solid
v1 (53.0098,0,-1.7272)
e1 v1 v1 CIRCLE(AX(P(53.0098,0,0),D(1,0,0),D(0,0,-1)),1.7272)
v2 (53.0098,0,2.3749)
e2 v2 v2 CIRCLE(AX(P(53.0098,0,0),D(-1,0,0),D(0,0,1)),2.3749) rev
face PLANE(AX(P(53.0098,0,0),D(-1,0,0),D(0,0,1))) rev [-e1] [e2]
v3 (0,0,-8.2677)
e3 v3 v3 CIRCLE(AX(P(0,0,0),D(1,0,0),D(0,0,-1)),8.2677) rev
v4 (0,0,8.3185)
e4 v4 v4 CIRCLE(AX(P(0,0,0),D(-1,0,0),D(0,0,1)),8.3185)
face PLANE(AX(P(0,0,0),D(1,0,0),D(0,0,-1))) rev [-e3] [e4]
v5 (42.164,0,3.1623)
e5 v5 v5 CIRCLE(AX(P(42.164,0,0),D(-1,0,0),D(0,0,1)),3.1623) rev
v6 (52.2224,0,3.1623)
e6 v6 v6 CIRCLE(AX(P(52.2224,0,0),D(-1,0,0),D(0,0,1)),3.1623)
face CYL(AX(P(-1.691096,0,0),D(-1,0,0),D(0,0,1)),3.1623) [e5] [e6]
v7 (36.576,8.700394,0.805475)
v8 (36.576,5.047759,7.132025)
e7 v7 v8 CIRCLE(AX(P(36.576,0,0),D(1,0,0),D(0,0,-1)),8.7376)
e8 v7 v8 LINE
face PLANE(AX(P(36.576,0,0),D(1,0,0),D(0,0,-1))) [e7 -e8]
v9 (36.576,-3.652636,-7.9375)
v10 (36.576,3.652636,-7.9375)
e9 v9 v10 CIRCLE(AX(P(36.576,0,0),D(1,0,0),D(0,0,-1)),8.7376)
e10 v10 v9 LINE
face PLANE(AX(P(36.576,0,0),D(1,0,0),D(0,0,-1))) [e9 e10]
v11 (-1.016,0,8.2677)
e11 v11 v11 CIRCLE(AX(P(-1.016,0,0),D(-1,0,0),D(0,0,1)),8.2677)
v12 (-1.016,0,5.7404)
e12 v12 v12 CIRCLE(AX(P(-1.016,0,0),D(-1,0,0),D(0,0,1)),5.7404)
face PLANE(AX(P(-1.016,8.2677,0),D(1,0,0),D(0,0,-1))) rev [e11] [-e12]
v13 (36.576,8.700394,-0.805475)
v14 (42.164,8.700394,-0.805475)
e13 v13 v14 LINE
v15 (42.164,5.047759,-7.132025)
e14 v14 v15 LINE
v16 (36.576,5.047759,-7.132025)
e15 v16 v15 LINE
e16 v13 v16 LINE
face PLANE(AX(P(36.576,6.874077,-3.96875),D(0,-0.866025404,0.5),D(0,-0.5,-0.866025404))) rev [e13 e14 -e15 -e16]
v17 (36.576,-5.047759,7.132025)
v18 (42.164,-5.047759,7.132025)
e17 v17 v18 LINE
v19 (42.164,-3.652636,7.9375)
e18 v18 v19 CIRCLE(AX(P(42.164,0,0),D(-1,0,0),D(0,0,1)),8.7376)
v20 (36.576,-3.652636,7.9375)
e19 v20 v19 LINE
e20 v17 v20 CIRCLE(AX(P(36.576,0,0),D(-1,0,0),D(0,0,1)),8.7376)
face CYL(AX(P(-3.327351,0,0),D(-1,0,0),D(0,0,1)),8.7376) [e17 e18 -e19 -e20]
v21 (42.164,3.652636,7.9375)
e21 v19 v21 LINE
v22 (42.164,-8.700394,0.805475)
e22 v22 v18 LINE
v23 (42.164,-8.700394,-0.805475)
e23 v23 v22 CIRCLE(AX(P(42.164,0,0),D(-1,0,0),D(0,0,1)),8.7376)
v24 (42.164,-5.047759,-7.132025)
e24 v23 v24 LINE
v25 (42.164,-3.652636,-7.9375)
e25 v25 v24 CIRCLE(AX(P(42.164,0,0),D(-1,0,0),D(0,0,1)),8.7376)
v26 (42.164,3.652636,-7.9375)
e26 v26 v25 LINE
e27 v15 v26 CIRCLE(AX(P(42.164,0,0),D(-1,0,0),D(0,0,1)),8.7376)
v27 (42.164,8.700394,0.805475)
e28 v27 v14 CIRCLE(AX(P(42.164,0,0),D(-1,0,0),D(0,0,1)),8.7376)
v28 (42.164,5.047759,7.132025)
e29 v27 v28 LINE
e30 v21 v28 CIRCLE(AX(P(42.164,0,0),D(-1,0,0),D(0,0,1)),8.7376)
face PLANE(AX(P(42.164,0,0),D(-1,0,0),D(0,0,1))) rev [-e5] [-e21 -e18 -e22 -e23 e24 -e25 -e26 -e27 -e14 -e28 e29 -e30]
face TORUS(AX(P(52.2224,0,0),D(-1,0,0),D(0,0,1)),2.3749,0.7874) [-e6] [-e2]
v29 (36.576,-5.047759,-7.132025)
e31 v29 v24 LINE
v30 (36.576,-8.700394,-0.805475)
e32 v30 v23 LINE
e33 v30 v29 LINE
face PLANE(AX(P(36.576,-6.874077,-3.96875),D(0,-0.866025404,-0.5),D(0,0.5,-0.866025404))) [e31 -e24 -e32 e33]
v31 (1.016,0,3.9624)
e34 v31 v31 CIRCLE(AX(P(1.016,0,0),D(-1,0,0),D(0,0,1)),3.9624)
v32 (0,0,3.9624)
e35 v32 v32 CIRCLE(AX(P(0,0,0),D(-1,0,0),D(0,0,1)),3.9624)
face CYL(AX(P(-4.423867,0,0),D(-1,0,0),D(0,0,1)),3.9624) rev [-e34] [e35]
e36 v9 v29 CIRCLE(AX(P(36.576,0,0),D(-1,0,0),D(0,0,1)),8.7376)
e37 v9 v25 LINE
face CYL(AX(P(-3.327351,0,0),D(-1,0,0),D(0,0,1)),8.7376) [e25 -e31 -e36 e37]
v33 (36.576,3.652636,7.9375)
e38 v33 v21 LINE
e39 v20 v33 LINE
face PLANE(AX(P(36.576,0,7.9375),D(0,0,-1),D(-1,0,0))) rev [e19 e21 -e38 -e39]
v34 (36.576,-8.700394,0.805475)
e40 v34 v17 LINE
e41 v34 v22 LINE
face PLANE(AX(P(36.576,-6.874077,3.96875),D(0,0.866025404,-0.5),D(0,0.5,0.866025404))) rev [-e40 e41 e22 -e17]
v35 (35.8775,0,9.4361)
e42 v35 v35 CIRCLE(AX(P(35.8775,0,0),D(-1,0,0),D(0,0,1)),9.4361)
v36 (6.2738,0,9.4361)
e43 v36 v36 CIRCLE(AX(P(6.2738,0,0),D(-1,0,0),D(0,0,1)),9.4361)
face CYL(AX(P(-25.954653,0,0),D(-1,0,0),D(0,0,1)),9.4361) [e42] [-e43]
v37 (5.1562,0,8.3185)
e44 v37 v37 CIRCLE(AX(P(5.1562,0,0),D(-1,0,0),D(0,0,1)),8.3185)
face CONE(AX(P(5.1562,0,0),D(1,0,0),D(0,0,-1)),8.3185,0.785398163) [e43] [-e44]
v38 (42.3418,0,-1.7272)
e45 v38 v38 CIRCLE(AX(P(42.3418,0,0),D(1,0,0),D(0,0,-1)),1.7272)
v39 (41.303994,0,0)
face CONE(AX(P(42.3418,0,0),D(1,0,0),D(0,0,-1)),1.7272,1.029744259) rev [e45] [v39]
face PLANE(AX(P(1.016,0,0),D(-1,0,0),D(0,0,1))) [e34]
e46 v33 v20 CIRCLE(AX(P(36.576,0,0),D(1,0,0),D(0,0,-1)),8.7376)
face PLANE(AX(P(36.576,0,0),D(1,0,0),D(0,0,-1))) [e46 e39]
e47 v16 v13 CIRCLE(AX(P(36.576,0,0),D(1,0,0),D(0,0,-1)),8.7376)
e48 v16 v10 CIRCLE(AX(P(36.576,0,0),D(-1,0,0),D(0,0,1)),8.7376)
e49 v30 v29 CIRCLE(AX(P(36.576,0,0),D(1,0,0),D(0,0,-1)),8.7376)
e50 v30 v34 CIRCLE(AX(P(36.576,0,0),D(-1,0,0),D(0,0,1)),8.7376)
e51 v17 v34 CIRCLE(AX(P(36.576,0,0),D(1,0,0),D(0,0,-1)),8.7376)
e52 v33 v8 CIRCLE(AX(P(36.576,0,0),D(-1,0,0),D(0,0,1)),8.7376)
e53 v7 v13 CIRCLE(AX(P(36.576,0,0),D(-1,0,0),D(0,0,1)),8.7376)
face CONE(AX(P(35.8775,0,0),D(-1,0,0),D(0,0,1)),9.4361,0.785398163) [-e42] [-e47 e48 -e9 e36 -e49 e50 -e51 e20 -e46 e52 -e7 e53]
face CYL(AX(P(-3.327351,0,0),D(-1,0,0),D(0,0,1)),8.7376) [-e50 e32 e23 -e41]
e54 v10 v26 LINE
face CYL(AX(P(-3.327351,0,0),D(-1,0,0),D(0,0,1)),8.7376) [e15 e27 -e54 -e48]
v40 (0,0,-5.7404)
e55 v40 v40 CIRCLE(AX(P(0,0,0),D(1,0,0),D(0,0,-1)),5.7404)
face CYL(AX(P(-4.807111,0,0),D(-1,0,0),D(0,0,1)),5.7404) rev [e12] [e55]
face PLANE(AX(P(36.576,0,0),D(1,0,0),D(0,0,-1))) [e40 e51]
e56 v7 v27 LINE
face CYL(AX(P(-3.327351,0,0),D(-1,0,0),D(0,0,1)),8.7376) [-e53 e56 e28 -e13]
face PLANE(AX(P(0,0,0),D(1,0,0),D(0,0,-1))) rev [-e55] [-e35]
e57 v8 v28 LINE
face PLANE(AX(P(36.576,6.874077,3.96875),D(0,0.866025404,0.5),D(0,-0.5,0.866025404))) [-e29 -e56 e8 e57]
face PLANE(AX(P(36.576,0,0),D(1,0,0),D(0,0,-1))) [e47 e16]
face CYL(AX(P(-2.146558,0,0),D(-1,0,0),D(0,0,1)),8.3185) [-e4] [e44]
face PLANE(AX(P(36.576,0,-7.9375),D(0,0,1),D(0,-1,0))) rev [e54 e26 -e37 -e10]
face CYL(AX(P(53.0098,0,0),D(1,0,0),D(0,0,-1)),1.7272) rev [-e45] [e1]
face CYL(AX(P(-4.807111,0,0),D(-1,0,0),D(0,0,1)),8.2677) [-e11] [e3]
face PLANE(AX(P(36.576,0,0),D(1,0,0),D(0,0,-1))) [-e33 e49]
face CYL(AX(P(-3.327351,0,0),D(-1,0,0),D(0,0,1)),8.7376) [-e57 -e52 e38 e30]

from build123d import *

# Parameters (mm, degrees)
SKETCH1_W                 = 42.164
SKETCH1_H                 = 9.4361
SKETCH2_W                 = 1.016
SKETCH2_H                 = 3.9624
CUT_EXTRUDE1_DEPTH        = 5.588
SKETCH6_W                 = 10.8458
SKETCH6_H                 = 3.1623
FILLET1_R                 = 0.7874
F_8_32_TAPPED_HOLE1_D     = 3.4544
F_8_32_TAPPED_HOLE1_DEPTH = 10.668
F_8_32_TAPPED_HOLE1_TIP   = 1.037806461
SKETCH12_W                = 1.016
SKETCH12_H                = 2.5273


with BuildPart() as part:
    # Sketch1 → Revolve1 (revolve)
    with BuildSketch(Plane.XY, mode=Mode.PRIVATE) as revolve1_sk:
        with Locations((21.082, 4.71805)):
            Rectangle(SKETCH1_W, SKETCH1_H)
    revolve(revolve1_sk.sketch.rotate(Axis((-25.954653295, 0, 0), (1, 0, 0)), 90), axis=Axis((-25.954653295, 0, 0), (1, 0, 0)))  # turned: the seam where the file's is

    # Sketch2 → Cut-Revolve1 (revolve, cut)
    with BuildSketch(Plane.XY, mode=Mode.PRIVATE) as cut_revolve1_sk:
        with Locations((0.508, 1.9812)):
            Rectangle(SKETCH2_W, SKETCH2_H)
    revolve(cut_revolve1_sk.sketch.rotate(Axis((-4.423867111, 0, 0), (1, 0, 0)), 90), axis=Axis((-4.423867111, 0, 0), (1, 0, 0)), mode=Mode.SUBTRACT)  # turned: the seam where the file's is

    # Sketch3 → Cut-Revolve2 (revolve, cut)
    with BuildSketch(Plane.XY, mode=Mode.PRIVATE) as cut_revolve2_sk:
        Polygon((0, 8.3185), (5.1562, 8.3185), (6.2738, 9.4361), (0, 9.4361), align=None)
    revolve(cut_revolve2_sk.sketch.rotate(Axis((-2.146557548, 0, 0), (1, 0, 0)), 90), axis=Axis((-2.146557548, 0, 0), (1, 0, 0)), mode=Mode.SUBTRACT)  # turned: the seam where the file's is

    # Sketch4 → Cut-Revolve3 (revolve, cut)
    with BuildSketch(Plane.XY, mode=Mode.PRIVATE) as cut_revolve3_sk:
        Polygon((42.164, 8.7376), (36.576, 8.7376), (35.8775, 9.4361), (42.164, 9.4361), align=None)
    revolve(cut_revolve3_sk.sketch.rotate(Axis((-3.32735082, 0, 0), (1, 0, 0)), 90), axis=Axis((-3.32735082, 0, 0), (1, 0, 0)), mode=Mode.SUBTRACT)  # turned: the seam where the file's is

    # Sketch5 → Cut-Extrude1 (cut)
    with BuildSketch(Plane(origin=(42.164, 0, 0), x_dir=(0, 0, -1), z_dir=(1, 0, 0))):
        with BuildLine():
            Line((-7.9375, -3.652635694), (-7.9375, 0))
            Line((-7.9375, 0), (-7.9375, 3.652635694))
            ThreePointArc((-7.9375, 3.652635694), (-8.7376, 0), (-7.9375, -3.652635694))
        make_face()
        with BuildLine():
            Line((-3.96875004, 6.874076619), (-0.805474699, 8.700394489))
            ThreePointArc((-0.805474699, 8.700394489), (-4.3688, 7.566983568), (-7.132025301, 5.047758796))
            Line((-7.132025301, 5.047758796), (-3.96875004, 6.874076619))
        make_face()
        with BuildLine():
            ThreePointArc((7.132025301, 5.047758796), (4.3688, 7.566983568), (0.805474699, 8.700394489))
            Line((0.805474699, 8.700394489), (3.968749933, 6.874076681))
            Line((3.968749933, 6.874076681), (7.132025301, 5.047758796))
        make_face()
        with BuildLine():
            Line((7.9375, 3.652635694), (7.9375, 0))
            Line((7.9375, 0), (7.9375, -3.652635694))
            ThreePointArc((7.9375, -3.652635694), (8.535231507, -1.869619448), (8.7376, 0))
            ThreePointArc((8.7376, 0), (8.535231507, 1.869619448), (7.9375, 3.652635694))
        make_face()
        with BuildLine():
            Line((7.132025301, -5.047758796), (3.968749899, -6.874076701))
            Line((3.968749899, -6.874076701), (0.805474699, -8.700394489))
            ThreePointArc((0.805474699, -8.700394489), (4.3688, -7.566983568), (7.132025301, -5.047758796))
        make_face()
        with BuildLine():
            Line((-0.805474699, -8.700394489), (-3.96875004, -6.874076619))
            Line((-3.96875004, -6.874076619), (-7.132025301, -5.047758796))
            ThreePointArc((-7.132025301, -5.047758796), (-4.3688, -7.566983568), (-0.805474699, -8.700394489))
        make_face()
    extrude(amount=-CUT_EXTRUDE1_DEPTH, mode=Mode.SUBTRACT)

    # Sketch6 → Revolve3 (revolve)
    with BuildSketch(Plane.XY, mode=Mode.PRIVATE) as revolve3_sk:
        with Locations((47.5869, 1.58115)):
            Rectangle(SKETCH6_W, SKETCH6_H)
    revolve(revolve3_sk.sketch.rotate(Axis((-1.691095635, 0, 0), (1, 0, 0)), 90), axis=Axis((-1.691095635, 0, 0), (1, 0, 0)))  # turned: the seam where the file's is

    # Fillet1
    fillet1_edges = [part.edges().sort_by_distance(p)[0] for p in [
        (53.0098, 0, -3.1623),
    ]]
    fillet(fillet1_edges, radius=FILLET1_R)

    # #8-32 Tapped Hole1
    with Locations(Plane(origin=(53.0098, 0, 0), x_dir=(0, 0, -1), z_dir=(1, 0, 0))):
        with Locations((0, 0)):
            Hole(F_8_32_TAPPED_HOLE1_D / 2, depth=F_8_32_TAPPED_HOLE1_DEPTH)
            with Locations((0, 0, -(F_8_32_TAPPED_HOLE1_DEPTH + F_8_32_TAPPED_HOLE1_TIP / 2))):  # 118° drill point
                Cone(0, F_8_32_TAPPED_HOLE1_D / 2, F_8_32_TAPPED_HOLE1_TIP, mode=Mode.SUBTRACT)

    # Sketch12 → Revolve4 (revolve)
    with BuildSketch(Plane.XY, mode=Mode.PRIVATE) as revolve4_sk:
        with Locations((-0.508, 7.00405)):
            Rectangle(SKETCH12_W, SKETCH12_H)
    revolve(revolve4_sk.sketch.rotate(Axis((-4.807110581, 0, 0), (1, 0, 0)), 90), axis=Axis((-4.807110581, 0, 0), (1, 0, 0)))  # turned: the seam where the file's is


solid = part.part
